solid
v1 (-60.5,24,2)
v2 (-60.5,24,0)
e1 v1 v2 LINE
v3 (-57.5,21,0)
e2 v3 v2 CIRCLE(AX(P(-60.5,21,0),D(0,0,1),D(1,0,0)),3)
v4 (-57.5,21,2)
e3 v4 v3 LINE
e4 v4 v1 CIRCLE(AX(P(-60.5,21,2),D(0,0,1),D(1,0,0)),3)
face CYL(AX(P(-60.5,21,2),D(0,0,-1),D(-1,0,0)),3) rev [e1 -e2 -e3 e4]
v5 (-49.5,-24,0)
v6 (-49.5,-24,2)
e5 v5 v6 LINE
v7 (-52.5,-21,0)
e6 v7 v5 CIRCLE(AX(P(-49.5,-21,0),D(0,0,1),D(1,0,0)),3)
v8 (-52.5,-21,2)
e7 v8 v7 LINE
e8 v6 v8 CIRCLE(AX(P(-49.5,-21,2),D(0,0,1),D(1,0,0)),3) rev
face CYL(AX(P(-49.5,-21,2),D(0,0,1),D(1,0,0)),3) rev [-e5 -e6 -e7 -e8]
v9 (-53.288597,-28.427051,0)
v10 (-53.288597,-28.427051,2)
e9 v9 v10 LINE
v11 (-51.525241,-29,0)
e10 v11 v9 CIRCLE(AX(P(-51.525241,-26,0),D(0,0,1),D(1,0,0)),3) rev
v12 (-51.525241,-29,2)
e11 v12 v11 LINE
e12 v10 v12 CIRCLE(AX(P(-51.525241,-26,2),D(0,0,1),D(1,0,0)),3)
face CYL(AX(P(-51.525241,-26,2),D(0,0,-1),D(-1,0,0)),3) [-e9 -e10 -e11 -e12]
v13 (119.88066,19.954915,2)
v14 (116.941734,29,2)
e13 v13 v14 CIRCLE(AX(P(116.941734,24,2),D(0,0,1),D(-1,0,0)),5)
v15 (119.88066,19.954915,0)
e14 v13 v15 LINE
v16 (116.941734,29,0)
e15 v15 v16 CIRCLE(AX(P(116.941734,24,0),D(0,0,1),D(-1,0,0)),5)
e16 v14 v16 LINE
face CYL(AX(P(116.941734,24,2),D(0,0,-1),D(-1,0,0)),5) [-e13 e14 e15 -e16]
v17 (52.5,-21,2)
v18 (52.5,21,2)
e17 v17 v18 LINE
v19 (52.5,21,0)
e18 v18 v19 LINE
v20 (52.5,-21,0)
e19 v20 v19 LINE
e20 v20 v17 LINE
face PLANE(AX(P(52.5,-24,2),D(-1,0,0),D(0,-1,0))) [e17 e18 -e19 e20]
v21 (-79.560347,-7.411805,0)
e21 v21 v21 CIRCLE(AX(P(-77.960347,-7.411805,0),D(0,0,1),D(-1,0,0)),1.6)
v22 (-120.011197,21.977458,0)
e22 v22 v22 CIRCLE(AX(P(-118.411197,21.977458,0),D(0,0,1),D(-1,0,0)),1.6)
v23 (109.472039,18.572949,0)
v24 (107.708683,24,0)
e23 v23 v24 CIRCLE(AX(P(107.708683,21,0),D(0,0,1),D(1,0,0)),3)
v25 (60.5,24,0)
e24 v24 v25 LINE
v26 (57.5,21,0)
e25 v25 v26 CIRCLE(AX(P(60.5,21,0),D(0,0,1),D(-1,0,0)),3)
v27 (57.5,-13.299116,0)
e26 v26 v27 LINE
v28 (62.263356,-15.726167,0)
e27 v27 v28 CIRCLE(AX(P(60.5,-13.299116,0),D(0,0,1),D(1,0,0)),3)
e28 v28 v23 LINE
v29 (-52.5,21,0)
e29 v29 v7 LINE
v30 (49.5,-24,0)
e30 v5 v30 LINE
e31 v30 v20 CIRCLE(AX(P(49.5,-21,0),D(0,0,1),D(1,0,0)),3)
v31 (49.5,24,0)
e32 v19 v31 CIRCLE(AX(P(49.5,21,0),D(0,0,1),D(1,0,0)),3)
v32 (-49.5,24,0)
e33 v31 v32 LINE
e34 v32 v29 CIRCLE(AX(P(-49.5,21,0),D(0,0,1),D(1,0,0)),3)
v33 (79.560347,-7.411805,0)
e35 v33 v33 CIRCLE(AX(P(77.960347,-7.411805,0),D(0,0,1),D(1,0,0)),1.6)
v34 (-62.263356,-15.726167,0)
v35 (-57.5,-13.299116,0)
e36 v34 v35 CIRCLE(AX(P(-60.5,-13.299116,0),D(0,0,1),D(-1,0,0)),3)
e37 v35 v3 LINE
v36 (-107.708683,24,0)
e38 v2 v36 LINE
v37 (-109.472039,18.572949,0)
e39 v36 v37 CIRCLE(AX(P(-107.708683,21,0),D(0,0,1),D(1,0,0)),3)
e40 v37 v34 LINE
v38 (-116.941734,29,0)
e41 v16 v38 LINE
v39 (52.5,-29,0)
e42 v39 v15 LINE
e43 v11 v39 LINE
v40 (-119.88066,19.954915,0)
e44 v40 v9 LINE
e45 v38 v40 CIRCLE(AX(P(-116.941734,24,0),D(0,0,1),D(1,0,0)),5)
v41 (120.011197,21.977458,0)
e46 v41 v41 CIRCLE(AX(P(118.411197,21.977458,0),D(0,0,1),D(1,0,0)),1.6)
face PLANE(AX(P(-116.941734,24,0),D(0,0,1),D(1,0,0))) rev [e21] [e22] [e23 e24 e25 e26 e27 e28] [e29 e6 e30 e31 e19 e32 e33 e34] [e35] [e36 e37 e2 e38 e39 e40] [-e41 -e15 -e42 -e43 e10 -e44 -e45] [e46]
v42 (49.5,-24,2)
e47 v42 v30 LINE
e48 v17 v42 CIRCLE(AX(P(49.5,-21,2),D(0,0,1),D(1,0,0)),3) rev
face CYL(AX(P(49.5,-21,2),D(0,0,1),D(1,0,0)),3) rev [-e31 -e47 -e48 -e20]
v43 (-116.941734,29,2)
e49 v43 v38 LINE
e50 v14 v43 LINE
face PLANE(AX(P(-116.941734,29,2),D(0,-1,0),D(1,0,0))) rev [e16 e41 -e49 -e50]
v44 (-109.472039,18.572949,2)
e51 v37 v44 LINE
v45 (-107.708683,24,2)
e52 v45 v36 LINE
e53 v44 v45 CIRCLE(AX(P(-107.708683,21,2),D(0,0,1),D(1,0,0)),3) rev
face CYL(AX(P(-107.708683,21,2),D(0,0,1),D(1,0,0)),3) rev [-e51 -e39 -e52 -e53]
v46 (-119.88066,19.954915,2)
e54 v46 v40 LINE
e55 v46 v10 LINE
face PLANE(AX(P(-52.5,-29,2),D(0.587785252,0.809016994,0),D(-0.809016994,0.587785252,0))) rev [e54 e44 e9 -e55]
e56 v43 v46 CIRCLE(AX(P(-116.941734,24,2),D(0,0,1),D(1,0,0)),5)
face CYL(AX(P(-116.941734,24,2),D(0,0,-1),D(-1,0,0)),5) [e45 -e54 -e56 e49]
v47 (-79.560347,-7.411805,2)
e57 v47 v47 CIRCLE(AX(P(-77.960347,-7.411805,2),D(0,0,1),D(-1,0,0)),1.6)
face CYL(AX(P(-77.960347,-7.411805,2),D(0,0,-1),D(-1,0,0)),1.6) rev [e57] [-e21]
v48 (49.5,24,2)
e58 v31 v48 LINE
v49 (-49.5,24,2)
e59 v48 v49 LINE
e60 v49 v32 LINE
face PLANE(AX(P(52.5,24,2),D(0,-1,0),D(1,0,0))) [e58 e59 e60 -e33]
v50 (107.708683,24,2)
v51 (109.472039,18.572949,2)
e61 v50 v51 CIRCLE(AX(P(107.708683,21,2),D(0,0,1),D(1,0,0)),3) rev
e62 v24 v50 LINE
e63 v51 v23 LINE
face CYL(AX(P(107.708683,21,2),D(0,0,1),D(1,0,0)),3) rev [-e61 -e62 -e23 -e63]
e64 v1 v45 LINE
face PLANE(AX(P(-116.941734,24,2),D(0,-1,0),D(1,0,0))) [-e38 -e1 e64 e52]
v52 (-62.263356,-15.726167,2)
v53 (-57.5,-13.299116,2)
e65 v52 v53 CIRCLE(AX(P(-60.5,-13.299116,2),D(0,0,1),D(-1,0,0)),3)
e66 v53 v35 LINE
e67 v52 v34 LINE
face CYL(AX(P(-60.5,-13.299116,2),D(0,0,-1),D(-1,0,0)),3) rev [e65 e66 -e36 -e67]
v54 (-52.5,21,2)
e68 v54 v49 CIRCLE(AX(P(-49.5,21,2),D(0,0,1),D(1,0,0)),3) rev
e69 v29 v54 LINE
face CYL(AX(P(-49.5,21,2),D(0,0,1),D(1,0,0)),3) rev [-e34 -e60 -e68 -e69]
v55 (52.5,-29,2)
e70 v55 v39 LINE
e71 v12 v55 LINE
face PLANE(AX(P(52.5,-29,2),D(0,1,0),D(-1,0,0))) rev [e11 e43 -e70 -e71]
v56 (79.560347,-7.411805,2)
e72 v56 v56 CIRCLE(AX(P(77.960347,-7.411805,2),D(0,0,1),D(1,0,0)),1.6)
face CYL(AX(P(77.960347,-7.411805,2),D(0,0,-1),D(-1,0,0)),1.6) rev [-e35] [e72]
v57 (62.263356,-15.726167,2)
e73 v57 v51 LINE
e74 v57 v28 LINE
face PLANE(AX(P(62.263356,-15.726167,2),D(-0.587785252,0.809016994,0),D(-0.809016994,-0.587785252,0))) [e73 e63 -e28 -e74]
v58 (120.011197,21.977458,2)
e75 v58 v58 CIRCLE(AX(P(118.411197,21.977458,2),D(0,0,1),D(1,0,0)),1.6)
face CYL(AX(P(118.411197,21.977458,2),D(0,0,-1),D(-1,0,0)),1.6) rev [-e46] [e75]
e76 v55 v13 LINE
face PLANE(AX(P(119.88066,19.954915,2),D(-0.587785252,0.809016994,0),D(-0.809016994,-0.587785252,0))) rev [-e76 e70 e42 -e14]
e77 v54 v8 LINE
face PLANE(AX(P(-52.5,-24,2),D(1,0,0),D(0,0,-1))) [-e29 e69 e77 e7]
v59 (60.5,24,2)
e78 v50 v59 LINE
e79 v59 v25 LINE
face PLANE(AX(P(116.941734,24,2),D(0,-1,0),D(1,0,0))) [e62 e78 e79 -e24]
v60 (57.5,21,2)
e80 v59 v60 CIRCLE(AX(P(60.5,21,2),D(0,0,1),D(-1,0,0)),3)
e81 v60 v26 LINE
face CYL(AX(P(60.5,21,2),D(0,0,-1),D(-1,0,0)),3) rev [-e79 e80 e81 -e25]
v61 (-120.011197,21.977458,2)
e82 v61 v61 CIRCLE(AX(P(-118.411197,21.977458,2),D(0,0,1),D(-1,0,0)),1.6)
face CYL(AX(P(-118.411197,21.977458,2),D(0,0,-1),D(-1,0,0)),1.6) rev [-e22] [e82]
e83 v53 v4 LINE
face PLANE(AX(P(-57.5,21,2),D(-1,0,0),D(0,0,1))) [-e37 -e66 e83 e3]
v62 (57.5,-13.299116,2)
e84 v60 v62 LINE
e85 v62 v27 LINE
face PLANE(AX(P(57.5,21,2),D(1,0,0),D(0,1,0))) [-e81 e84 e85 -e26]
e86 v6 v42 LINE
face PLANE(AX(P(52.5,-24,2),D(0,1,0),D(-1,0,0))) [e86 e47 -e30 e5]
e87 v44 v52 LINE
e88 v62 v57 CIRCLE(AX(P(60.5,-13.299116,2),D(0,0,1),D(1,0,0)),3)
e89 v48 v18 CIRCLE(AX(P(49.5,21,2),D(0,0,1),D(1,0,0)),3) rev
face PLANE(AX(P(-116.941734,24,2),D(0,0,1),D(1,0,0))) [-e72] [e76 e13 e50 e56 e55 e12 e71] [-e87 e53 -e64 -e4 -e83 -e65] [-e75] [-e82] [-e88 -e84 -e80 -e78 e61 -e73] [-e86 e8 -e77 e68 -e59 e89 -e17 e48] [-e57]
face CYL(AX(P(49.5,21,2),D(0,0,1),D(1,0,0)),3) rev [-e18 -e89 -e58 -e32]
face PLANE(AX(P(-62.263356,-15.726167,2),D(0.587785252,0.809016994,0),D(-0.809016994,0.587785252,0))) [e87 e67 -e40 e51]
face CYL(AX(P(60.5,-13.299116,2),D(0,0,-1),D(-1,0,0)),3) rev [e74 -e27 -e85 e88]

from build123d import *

# Parameters (mm, degrees)
SKETCH_1_R      = 1.6
SKETCH_1_W      = 105
SKETCH_1_H      = 48
EXTRUDE_1_DEPTH = 2
FILLET_1_R      = 3


with BuildPart() as part:
    # ｽｹｯﾁ1 → ﾎﾞｽ - 押し出し1 (new body)
    with BuildSketch(Plane.XY):
        with BuildLine():
            Line((-116.941733701, 29), (116.941733701, 29))
            ThreePointArc((116.941733701, 29), (121.697016283, 25.545084972), (119.880659963, 19.954915028))
            Line((119.880659963, 19.954915028), (52.5, -29))
            Line((52.5, -29), (-52.5, -29))
            Line((-52.5, -29), (-119.880659963, 19.954915028))
            ThreePointArc((-119.880659963, 19.954915028), (-121.697016283, 25.545084972), (-116.941733701, 29))
        make_face()
        with Locations((118.411196832, 21.977457514)):
            Circle(SKETCH_1_R, mode=Mode.SUBTRACT)
        with Locations((77.960347113, -7.411805101)):
            Circle(SKETCH_1_R, mode=Mode.SUBTRACT)
        with Locations(Location((-118.411196832, 21.977457514, 0), (0, 0, 180))):
            Circle(SKETCH_1_R, mode=Mode.SUBTRACT)
        with Locations(Location((-77.960347113, -7.411805101, 0), (0, 0, 180))):
            Circle(SKETCH_1_R, mode=Mode.SUBTRACT)
        Rectangle(SKETCH_1_W, SKETCH_1_H, mode=Mode.SUBTRACT)
        with BuildLine():
            Line((-57.5, 21), (-57.5, -13.299115956))
            ThreePointArc((-57.5, -13.299115956), (-59.138028501, -15.972135529), (-62.263355757, -15.726166939))
            Line((-62.263355757, -15.726166939), (-116.941733701, 24))
            Line((-116.941733701, 24), (-60.5, 24))
            ThreePointArc((-60.5, 24), (-58.378679656, 23.121320344), (-57.5, 21))
        make_face(mode=Mode.SUBTRACT)
        with BuildLine():
            Line((62.263355757, -15.726166939), (116.941733701, 24))
            Line((116.941733701, 24), (60.5, 24))
            ThreePointArc((60.5, 24), (58.378679656, 23.121320344), (57.5, 21))
            Line((57.5, 21), (57.5, -13.299115956))
            ThreePointArc((57.5, -13.299115956), (59.138028501, -15.972135529), (62.263355757, -15.726166939))
        make_face(mode=Mode.SUBTRACT)
    extrude(amount=EXTRUDE_1_DEPTH)

    # ﾌｨﾚｯﾄ1
    fillet_1_edges = [part.edges().sort_by_distance(p)[0] for p in [
        (-52.5, -29, 1),
        (-52.5, 24, 1),
        (-52.5, -24, 1),
        (52.5, -24, 1),
        (52.5, 24, 1),
        (116.941733701, 24, 1),
        (-116.941733701, 24, 1),
    ]]
    fillet(fillet_1_edges, radius=FILLET_1_R)


solid = part.part
